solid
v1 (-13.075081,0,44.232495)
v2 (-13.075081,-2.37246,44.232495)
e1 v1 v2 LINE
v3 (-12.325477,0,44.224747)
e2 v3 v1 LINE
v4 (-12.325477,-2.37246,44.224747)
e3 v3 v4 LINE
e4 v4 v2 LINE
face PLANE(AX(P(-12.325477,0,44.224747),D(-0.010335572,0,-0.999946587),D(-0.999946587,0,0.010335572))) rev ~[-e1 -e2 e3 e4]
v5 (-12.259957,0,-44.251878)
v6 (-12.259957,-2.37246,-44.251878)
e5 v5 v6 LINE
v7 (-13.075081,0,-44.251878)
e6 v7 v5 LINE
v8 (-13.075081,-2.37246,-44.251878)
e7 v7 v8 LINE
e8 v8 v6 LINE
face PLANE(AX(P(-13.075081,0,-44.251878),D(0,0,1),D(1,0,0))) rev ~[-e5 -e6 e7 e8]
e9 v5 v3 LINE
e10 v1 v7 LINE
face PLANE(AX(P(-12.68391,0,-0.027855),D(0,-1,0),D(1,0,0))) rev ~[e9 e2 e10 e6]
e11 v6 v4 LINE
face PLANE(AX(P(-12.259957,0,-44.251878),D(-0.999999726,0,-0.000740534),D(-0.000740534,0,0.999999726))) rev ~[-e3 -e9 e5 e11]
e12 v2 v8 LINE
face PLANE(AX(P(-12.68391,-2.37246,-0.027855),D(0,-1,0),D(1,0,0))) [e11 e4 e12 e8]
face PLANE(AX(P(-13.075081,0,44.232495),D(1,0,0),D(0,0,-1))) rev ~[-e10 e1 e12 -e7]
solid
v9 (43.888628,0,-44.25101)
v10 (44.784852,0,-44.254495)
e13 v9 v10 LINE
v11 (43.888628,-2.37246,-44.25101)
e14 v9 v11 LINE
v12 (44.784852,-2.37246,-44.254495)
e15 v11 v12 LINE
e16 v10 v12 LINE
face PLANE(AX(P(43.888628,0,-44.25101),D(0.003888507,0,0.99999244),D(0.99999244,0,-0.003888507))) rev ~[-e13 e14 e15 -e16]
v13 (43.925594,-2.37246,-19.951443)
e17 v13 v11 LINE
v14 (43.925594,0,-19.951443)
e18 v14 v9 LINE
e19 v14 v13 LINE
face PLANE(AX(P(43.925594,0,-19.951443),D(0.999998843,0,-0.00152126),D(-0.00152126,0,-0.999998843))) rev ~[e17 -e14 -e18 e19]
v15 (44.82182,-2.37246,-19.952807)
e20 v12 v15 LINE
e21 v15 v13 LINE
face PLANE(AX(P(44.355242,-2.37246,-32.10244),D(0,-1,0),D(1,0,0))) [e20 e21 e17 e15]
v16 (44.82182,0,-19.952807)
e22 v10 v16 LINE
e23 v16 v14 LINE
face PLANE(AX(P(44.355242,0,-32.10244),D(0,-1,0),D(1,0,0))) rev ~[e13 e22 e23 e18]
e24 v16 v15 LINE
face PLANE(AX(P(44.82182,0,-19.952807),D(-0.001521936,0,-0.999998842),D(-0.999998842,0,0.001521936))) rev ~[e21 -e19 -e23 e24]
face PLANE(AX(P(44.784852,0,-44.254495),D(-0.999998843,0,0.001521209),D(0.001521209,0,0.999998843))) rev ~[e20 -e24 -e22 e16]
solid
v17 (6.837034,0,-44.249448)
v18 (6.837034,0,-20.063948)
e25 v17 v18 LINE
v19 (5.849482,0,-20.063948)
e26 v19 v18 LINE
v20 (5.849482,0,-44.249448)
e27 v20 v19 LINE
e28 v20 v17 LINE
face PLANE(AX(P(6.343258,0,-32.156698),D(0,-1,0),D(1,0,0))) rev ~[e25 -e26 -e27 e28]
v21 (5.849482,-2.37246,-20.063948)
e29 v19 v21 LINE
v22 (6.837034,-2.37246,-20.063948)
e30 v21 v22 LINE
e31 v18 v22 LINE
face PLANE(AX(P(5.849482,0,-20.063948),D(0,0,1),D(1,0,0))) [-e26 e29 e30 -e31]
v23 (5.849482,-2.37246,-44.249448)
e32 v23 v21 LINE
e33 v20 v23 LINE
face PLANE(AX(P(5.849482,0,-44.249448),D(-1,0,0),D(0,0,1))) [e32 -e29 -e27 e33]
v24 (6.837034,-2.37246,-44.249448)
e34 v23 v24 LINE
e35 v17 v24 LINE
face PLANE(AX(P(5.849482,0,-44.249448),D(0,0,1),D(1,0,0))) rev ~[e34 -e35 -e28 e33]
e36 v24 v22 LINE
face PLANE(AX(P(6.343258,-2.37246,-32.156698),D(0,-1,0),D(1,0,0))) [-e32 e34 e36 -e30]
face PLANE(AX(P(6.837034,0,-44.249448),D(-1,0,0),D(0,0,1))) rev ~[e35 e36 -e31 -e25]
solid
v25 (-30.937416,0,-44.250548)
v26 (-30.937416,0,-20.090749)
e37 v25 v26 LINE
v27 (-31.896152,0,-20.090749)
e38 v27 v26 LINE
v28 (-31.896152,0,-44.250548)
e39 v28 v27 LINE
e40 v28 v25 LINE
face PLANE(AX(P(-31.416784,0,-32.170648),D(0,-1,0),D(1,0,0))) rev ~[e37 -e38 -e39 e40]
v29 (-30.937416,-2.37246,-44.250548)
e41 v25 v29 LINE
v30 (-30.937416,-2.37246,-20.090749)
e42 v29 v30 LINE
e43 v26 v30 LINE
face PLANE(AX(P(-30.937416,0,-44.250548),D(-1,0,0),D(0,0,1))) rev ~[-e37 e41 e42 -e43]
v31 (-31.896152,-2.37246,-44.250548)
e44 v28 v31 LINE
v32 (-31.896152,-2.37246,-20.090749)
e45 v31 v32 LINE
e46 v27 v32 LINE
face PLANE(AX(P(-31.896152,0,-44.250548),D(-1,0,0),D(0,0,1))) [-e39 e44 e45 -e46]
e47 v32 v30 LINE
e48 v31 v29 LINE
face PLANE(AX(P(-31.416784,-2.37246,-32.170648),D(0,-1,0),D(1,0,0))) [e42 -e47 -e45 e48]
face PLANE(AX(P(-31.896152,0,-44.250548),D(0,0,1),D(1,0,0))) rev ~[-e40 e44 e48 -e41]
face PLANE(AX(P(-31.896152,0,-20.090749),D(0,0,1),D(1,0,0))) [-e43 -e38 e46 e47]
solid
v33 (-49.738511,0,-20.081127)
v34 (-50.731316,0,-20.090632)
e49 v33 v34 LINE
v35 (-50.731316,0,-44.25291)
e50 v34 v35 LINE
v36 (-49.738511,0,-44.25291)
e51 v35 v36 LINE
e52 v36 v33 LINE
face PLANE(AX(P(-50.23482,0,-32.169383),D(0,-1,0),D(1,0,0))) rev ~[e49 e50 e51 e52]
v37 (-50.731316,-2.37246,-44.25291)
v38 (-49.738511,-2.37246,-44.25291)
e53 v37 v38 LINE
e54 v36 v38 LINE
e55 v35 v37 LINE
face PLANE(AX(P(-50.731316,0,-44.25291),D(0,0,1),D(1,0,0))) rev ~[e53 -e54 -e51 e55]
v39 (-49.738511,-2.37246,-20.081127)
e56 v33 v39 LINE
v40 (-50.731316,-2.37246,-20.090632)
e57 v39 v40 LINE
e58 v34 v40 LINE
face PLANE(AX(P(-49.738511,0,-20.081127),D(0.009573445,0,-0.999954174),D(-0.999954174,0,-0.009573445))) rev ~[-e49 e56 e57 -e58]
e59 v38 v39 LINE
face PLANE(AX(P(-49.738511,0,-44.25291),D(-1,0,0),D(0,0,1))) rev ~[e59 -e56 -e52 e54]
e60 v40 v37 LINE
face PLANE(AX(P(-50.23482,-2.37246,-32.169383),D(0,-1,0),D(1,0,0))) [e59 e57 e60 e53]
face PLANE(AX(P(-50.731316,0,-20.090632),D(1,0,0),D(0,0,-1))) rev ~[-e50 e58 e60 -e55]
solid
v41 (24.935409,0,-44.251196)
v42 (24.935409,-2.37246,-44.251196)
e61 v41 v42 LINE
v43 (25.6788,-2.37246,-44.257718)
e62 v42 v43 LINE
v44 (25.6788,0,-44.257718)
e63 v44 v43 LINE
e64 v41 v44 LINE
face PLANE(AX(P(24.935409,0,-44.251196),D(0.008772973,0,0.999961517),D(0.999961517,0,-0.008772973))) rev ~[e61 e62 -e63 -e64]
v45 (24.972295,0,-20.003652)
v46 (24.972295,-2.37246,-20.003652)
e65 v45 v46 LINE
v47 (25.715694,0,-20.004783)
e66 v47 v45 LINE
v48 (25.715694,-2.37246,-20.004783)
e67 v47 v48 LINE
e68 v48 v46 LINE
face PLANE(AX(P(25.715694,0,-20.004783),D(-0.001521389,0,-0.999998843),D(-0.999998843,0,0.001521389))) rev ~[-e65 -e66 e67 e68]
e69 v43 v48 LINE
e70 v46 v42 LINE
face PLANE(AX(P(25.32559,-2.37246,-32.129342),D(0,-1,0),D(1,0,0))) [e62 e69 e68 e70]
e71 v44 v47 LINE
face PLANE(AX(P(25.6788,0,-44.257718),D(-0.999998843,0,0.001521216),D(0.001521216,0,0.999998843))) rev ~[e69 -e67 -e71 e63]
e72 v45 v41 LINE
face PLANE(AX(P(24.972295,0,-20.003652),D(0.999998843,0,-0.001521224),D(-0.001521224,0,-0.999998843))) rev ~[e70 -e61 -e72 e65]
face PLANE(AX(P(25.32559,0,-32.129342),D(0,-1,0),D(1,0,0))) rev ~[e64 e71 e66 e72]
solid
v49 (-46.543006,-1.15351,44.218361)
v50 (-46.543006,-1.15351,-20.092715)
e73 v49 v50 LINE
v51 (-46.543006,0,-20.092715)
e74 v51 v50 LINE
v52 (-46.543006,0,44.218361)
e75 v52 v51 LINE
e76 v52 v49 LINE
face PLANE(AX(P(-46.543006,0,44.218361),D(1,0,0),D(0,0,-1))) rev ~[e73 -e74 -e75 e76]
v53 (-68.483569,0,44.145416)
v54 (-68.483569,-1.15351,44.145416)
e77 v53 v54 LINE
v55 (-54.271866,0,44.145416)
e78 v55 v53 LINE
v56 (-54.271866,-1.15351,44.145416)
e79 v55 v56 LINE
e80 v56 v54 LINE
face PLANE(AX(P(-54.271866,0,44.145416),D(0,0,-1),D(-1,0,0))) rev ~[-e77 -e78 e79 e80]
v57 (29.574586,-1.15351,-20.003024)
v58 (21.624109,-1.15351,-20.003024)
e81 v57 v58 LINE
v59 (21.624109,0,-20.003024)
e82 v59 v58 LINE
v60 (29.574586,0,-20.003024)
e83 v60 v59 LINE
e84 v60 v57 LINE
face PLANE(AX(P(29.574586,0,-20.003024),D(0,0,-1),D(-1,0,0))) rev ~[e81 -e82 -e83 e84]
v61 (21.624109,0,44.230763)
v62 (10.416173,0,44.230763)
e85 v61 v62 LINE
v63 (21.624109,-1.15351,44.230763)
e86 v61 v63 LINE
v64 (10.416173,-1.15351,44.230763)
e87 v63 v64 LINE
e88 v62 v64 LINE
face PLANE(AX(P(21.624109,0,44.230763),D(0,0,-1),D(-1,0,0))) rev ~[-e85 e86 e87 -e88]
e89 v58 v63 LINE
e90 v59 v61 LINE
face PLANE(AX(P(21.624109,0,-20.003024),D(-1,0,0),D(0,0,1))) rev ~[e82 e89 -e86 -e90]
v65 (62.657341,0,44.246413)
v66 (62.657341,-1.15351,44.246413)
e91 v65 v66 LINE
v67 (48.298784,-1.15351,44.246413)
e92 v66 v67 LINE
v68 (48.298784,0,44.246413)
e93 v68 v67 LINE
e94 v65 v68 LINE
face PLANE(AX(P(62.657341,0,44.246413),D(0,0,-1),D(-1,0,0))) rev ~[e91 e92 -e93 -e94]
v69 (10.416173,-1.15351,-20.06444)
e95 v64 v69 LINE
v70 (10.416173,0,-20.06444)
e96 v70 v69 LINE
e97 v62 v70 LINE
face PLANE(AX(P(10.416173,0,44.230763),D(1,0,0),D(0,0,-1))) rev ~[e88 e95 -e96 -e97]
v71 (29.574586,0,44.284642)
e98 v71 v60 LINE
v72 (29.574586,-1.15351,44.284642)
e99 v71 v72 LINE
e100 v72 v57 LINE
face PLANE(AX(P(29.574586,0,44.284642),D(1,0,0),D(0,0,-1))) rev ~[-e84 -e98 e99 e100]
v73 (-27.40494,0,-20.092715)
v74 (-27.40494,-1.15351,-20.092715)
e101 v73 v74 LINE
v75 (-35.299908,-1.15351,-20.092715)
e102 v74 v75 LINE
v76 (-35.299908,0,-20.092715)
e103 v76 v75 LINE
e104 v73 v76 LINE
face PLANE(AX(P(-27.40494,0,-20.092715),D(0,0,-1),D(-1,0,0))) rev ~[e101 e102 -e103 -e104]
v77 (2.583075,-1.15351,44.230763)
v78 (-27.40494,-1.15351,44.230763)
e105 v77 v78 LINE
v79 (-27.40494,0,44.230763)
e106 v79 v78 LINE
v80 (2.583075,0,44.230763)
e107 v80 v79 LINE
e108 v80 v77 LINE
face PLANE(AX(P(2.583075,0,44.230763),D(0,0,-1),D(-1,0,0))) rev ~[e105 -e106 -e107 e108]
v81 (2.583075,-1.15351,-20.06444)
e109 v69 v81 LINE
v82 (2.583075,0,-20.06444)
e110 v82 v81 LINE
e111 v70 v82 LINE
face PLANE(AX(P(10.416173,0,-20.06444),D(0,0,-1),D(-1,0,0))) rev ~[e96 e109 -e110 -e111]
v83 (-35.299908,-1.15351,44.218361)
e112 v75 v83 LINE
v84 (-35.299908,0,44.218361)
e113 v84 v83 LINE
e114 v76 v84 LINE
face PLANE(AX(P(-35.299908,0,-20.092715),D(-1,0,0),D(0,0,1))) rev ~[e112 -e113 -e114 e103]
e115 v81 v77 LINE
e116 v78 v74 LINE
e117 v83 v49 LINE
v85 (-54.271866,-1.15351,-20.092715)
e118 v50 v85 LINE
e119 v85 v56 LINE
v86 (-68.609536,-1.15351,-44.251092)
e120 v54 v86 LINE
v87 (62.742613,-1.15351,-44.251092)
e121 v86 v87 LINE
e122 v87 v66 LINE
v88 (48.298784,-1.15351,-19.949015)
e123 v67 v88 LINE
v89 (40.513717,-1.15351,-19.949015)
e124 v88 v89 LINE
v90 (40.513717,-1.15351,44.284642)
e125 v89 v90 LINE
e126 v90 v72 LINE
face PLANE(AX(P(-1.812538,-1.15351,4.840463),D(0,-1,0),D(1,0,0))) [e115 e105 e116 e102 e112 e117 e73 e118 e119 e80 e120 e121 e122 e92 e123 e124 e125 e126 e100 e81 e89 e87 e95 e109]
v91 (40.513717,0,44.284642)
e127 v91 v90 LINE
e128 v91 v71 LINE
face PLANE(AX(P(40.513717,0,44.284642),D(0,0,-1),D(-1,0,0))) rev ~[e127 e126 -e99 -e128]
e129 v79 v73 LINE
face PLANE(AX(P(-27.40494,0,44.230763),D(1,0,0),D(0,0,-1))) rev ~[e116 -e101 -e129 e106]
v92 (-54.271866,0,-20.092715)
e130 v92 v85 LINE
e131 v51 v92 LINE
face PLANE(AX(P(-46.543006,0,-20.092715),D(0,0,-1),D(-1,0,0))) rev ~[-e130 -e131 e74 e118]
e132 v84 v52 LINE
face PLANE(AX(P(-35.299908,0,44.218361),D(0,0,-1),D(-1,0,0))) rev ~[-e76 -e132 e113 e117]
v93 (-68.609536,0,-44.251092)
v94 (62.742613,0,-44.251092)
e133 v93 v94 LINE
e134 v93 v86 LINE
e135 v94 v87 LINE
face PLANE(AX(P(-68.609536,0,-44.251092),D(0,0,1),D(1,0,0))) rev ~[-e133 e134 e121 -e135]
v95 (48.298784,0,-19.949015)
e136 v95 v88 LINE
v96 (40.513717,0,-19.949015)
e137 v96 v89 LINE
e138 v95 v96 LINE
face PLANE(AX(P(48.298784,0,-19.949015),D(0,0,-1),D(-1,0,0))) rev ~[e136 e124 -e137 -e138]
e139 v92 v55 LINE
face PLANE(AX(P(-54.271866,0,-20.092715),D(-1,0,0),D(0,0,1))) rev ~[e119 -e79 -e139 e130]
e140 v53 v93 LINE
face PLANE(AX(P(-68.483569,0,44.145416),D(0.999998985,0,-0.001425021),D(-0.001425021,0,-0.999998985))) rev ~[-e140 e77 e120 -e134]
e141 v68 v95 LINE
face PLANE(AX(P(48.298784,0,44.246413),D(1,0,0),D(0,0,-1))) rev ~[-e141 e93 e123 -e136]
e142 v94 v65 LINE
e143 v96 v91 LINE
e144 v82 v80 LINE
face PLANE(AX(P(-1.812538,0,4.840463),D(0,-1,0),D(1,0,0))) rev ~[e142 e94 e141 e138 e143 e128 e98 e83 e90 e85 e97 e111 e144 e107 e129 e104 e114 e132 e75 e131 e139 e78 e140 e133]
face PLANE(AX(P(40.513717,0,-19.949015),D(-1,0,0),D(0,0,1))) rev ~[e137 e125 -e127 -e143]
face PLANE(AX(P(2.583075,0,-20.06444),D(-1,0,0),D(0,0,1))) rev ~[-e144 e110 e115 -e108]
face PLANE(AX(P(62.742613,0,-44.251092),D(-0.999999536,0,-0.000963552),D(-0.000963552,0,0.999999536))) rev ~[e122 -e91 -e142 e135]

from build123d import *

# Parameters (mm, degrees)
F2_W     = 0.958736
F2_H     = 24.159799
F2_W_2   = 0.987552
F2_H_2   = 24.185501
F5_DEPTH = 2.37246
F6_DEPTH = 1.15351


with BuildPart() as f5:
    # F4 (on face) + F3 (on face) + F2 (on face) → F5 (new body)
    with BuildSketch(Plane.XZ):
        Polygon((-12.325477, 44.224747), (-13.075081, 44.232495), (-13.075081, -44.251878), (-12.259957, -44.251878), align=None)
    with BuildSketch(Plane.XZ):
        Polygon((24.972295, -20.003652), (24.935409, -44.251196), (25.6788, -44.257718), (25.715694, -20.004783), align=None)
        Polygon((43.925594, -19.951443), (43.888628, -44.25101), (44.784852, -44.254495), (44.82182, -19.952807), align=None)
    with BuildSketch(Plane.XZ):
        Polygon((-49.738511, -20.081127), (-50.731316, -20.090632), (-50.731316, -44.25291), (-49.738511, -44.25291), align=None)
        with Locations((-31.416784, -32.170648)):
            Rectangle(F2_W, F2_H)
        with Locations((6.343258, -32.156698)):
            Rectangle(F2_W_2, F2_H_2)
    extrude(amount=F5_DEPTH)


with BuildPart() as f6:
    # F1 (on face) → F6 (new body)
    with BuildSketch(Plane.XZ):
        Polygon((-54.271866, 44.145416), (-68.483569, 44.145416), (-68.609536, -44.251092), (62.742613, -44.251092), (62.657341, 44.246413), (48.298784, 44.246413), (48.298784, -19.949015), (40.513717, -19.949015), (40.513717, 44.284642), (29.574586, 44.284642), (29.574586, -20.003024), (21.624109, -20.003024), (21.624109, 44.230763), (10.416173, 44.230763), (10.416173, -20.06444), (2.583075, -20.06444), (2.583075, 44.230763), (-13.068596, 44.230763), (-27.40494, 44.230763), (-27.40494, -20.092715), (-35.299908, -20.092715), (-35.299908, 44.218361), (-46.543006, 44.218361), (-46.543006, -20.092715), (-54.271866, -20.092715), align=None)
    extrude(amount=F6_DEPTH)


solid = Compound([f5.part, f6.part])
